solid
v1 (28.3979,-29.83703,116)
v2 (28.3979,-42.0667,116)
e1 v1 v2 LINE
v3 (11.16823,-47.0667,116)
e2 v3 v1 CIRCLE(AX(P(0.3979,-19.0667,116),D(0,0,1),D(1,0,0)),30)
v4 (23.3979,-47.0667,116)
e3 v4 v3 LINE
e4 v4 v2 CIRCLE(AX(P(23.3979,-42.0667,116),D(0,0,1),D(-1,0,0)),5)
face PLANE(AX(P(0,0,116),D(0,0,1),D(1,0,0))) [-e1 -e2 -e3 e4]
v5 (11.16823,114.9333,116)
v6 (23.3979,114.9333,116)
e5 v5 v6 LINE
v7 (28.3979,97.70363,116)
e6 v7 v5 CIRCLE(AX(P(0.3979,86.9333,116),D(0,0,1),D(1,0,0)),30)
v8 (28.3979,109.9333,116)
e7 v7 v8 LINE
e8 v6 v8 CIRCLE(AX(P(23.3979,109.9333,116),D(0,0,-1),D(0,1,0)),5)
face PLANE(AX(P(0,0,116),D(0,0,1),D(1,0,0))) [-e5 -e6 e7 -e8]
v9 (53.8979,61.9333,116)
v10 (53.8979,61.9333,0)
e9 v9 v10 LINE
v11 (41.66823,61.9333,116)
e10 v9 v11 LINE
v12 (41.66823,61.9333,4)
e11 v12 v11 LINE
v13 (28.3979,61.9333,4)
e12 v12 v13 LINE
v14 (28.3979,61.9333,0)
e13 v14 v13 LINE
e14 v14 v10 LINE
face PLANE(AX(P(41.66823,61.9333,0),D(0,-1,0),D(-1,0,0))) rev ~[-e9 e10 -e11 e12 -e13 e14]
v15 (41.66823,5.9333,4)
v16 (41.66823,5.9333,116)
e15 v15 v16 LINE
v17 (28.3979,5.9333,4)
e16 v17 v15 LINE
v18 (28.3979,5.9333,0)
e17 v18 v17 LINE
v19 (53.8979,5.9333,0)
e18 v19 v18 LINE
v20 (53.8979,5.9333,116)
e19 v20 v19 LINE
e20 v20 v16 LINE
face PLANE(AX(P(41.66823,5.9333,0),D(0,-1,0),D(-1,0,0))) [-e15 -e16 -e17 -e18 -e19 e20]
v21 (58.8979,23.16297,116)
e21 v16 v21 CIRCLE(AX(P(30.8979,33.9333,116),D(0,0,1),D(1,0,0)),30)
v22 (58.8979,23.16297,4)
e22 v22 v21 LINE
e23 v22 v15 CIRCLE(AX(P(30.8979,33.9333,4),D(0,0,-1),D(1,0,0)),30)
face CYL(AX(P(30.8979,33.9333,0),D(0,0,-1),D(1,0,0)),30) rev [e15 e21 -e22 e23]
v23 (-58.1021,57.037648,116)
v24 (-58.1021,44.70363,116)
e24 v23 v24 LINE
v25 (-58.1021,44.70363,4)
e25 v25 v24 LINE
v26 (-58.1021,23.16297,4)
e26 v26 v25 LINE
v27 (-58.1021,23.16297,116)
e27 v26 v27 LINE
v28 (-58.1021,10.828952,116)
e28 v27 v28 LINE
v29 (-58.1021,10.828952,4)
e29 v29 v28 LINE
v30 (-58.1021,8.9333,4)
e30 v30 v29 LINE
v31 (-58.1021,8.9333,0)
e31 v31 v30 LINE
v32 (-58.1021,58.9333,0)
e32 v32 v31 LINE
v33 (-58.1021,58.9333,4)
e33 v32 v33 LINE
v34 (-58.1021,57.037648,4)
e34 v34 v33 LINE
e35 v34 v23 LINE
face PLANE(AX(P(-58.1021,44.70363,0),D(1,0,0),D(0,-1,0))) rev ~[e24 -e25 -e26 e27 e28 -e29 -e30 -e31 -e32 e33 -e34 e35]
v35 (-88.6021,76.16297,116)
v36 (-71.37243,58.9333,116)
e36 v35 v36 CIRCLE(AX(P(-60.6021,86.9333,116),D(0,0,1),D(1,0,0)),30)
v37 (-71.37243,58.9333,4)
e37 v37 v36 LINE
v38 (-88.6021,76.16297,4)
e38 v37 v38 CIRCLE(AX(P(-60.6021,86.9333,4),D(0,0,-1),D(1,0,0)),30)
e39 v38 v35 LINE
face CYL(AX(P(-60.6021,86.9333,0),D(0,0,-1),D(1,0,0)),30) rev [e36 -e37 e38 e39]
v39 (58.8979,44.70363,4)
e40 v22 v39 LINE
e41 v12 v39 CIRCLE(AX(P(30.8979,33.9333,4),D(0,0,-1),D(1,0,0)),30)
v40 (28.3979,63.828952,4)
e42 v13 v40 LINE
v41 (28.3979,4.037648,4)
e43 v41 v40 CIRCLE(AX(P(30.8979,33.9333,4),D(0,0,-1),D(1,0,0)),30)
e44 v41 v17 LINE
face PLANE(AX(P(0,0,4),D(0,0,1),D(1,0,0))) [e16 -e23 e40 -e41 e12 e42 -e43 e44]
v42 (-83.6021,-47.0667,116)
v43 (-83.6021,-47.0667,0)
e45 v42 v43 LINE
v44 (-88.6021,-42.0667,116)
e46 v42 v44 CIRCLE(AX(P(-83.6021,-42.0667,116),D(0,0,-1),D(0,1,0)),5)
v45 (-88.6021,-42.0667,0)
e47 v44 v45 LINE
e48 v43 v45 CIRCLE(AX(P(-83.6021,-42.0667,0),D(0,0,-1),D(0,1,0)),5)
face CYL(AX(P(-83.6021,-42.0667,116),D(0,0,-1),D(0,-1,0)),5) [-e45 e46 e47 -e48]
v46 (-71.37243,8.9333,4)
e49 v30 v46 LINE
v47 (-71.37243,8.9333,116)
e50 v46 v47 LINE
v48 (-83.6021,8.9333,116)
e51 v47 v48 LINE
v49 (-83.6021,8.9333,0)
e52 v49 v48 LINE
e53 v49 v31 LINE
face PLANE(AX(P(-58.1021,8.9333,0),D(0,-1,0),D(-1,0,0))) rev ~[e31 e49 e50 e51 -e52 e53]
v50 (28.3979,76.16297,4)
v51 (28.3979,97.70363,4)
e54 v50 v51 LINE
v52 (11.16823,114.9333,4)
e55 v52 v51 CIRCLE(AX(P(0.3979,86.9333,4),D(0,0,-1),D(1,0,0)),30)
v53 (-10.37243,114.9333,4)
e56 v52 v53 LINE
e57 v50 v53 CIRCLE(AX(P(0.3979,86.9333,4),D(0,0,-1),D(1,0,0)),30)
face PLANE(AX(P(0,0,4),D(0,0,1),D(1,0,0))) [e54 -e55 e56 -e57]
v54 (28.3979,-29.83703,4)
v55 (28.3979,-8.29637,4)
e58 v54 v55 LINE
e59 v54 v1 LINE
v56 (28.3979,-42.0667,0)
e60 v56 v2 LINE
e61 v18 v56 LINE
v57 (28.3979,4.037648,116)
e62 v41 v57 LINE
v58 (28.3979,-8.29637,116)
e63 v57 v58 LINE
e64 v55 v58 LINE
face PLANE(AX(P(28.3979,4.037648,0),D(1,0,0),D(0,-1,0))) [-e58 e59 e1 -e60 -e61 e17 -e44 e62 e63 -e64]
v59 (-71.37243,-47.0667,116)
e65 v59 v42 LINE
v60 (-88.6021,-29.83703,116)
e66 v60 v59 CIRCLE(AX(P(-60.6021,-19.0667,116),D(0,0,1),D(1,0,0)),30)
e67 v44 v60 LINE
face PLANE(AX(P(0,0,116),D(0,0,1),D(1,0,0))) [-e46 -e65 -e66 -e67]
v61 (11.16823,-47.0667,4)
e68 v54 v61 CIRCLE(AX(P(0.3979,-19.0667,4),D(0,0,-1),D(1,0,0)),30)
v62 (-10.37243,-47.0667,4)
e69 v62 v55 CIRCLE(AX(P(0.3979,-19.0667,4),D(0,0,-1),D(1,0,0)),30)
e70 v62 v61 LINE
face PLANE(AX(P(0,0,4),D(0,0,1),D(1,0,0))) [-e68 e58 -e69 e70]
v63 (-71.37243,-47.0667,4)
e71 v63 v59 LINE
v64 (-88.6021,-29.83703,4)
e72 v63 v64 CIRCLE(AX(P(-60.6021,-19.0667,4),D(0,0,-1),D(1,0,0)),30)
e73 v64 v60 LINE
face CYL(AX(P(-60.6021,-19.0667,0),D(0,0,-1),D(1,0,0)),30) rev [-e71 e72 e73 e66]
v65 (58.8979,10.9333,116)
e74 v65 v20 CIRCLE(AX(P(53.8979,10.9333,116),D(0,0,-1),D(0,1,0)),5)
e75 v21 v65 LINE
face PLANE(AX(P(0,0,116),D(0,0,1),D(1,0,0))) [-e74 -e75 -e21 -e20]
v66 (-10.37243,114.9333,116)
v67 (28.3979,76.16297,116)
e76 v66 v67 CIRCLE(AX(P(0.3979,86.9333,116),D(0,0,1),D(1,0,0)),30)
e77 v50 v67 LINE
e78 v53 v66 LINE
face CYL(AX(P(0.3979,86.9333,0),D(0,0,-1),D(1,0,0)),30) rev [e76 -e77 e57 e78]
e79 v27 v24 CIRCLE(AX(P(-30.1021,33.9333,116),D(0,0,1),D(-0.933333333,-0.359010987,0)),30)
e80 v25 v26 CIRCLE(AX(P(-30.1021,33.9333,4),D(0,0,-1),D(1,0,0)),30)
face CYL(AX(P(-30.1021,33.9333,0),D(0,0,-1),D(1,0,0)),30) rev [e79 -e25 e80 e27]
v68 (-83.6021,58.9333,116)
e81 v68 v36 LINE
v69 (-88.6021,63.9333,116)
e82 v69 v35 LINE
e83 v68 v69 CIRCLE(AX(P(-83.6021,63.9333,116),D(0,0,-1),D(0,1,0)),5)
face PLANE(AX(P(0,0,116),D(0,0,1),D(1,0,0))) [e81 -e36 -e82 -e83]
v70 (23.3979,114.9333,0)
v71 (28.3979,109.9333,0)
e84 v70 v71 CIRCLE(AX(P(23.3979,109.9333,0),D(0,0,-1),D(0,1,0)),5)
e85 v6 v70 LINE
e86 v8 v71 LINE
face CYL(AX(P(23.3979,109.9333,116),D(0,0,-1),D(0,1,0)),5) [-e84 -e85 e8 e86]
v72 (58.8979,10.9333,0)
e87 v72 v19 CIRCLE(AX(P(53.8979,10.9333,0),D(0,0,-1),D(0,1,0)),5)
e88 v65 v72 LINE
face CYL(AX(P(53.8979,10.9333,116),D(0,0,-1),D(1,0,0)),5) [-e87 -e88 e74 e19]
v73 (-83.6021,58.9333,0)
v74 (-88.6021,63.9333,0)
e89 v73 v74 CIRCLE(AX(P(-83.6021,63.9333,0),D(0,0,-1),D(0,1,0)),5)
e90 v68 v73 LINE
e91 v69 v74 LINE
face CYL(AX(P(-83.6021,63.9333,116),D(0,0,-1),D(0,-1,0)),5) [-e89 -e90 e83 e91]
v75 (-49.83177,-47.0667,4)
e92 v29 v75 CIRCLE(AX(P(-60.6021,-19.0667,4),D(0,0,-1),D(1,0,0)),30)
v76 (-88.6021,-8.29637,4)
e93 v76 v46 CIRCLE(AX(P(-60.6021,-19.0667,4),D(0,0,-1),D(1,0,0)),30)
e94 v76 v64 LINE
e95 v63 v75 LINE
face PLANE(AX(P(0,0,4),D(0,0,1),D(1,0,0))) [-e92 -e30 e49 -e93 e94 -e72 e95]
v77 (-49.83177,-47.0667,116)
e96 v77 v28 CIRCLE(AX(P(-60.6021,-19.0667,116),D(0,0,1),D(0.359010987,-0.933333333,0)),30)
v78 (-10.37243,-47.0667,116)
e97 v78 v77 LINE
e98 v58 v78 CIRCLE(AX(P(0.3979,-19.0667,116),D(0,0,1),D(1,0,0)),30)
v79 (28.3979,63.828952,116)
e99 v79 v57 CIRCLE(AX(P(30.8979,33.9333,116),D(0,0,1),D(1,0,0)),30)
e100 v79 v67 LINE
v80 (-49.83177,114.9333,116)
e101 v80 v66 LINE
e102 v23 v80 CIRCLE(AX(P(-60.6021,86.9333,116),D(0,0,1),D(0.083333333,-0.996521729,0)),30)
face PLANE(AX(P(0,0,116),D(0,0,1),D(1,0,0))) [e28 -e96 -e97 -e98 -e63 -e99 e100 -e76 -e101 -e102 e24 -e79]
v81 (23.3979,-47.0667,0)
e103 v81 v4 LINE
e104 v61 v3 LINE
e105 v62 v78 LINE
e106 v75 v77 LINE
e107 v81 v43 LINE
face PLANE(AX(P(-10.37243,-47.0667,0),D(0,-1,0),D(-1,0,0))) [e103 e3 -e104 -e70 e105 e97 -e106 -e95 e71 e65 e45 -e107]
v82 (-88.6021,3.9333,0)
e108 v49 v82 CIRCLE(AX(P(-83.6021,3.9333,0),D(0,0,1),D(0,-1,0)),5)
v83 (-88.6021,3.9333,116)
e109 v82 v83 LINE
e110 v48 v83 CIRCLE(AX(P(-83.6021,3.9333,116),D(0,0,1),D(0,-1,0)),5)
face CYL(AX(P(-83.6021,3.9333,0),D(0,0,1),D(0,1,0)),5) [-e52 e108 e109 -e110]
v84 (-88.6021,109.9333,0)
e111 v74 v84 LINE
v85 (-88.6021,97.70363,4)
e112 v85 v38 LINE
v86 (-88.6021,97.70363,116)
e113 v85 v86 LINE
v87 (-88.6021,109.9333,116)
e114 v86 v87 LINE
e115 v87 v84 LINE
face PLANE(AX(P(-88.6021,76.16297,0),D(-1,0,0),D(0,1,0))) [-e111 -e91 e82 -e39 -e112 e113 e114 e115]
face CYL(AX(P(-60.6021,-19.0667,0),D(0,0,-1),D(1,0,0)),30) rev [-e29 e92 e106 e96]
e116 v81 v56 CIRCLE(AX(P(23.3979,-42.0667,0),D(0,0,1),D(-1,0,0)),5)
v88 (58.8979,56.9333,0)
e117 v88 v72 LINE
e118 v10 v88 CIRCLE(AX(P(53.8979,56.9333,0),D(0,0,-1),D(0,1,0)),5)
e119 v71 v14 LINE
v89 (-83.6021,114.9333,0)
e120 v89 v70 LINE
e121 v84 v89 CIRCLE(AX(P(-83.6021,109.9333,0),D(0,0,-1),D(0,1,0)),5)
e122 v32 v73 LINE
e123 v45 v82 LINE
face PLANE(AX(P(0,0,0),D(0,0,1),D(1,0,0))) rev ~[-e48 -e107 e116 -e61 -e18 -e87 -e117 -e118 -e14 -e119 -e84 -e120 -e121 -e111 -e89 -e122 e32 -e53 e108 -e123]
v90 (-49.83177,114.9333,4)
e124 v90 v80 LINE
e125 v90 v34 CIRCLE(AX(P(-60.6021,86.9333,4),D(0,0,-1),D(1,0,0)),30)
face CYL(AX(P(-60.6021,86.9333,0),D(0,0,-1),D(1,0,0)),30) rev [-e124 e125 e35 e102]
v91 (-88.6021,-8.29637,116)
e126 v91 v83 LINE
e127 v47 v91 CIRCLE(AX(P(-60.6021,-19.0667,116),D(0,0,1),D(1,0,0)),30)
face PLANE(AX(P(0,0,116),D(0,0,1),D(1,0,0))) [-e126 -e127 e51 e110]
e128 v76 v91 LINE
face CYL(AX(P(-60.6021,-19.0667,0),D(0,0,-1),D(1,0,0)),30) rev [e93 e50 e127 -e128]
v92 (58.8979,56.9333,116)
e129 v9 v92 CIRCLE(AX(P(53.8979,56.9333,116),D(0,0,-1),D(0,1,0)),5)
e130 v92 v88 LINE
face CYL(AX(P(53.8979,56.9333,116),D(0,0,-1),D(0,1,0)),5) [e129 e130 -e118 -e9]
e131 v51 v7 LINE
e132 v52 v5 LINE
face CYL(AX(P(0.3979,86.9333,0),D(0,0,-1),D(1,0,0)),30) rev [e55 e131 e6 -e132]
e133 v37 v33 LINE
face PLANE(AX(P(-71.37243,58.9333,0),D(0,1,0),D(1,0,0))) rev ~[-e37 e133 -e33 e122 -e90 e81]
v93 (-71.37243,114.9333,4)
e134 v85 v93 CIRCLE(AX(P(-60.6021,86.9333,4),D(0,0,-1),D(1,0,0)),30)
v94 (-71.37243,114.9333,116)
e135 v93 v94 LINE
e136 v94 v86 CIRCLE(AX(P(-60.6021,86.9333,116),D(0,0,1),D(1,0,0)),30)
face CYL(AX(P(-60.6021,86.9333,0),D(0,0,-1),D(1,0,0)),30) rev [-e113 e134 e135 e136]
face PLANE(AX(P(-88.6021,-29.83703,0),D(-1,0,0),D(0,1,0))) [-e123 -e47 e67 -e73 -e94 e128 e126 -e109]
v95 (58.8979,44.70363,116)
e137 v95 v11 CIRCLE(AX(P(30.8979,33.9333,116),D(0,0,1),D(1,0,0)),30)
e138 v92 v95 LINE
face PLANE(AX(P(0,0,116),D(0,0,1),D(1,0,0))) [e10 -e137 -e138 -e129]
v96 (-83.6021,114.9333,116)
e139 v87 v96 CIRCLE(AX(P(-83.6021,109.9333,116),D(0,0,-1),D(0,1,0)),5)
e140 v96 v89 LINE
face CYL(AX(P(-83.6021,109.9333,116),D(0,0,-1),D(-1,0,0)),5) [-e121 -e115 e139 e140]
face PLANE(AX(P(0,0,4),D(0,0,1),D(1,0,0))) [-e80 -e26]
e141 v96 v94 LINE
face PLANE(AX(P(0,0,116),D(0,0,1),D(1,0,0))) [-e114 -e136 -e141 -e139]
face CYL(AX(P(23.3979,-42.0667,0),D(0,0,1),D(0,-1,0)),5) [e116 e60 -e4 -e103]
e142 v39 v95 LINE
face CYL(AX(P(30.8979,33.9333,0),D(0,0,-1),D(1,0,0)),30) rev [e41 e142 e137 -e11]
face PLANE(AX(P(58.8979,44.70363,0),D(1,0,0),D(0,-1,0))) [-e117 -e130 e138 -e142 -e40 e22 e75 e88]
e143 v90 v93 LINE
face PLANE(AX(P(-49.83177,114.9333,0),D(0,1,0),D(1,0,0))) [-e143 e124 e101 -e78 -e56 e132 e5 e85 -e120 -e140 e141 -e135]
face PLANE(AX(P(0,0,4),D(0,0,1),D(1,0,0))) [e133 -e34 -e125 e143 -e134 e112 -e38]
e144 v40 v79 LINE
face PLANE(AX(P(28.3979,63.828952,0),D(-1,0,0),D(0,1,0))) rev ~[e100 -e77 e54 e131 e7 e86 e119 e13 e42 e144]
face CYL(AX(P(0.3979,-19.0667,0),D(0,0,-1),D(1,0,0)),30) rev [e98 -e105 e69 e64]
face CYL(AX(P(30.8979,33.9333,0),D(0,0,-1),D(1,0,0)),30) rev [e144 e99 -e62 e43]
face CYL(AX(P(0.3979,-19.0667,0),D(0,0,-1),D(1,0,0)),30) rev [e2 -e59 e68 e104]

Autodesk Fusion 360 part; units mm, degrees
sketch "Sketch4" plane through (0, 0, 0) normal (0, 0, 1) x (1, 0, 0)
  circle A0 centre (-30.1021, 33.9333) radius 30
  circle A1 centre (30.8979, 33.9333) radius 30
  circle A2 centre (0.3979, -19.0667) radius 30
  circle A3 centre (-60.6021, -19.0667) radius 30
  line L0 (-84.1021, 5.9333) -> (-84.1021, 6.9333)
  line L1 (27.3979, -43.0667) -> (26.9, -43.0667)
  circle A4 centre (0.3979, 86.9333) radius 30
  circle A5 centre (-60.6021, 86.9333) radius 30
  line L2 (-88.6021, 114.9333) -> (58.8979, 114.9333)
  line L3 (58.8979, 114.9333) -> (58.8979, -47.0667)
  line L4 (58.8979, -47.0667) -> (-88.6021, -47.0667)
  line L5 (-88.6021, -47.0667) -> (-88.6021, 114.9333)
  line L6 (-88.6021, 58.9333) -> (-58.1021, 58.9333)
  line L7 (-58.1021, 58.9333) -> (-58.1021, 8.9333)
  line L8 (-58.1021, 8.9333) -> (-88.6021, 8.9333)
  line L9 (-88.6021, 8.9333) -> (-88.6021, 58.9333)
  line L10 (58.8979, 61.9333) -> (28.3979, 61.9333)
  line L11 (28.3979, 61.9333) -> (28.3979, 114.9333)
  line L12 (28.3979, 114.9333) -> (58.8979, 114.9333)
  line L13 (58.8979, 114.9333) -> (58.8979, 61.9333)
  line L14 (58.8979, 5.9333) -> (28.3979, 5.9333)
  line L15 (28.3979, 5.9333) -> (28.3979, -47.0667)
  line L16 (28.3979, -47.0667) -> (58.8979, -47.0667)
  line L17 (58.8979, -47.0667) -> (58.8979, 5.9333)
  dimension "d15" = 60
  dimension "d16" = 60
  dimension "d17" = 60
  dimension "d18" = 60
  dimension "d19" = 61
  dimension "d23" = 61
  dimension "d24" = 30.5
  dimension "d25" = 53
  dimension "d46" = 60
  dimension "d47" = 60
  dimension "d48" = 61
  dimension "d49" = 53
  dimension "d50" = 30.5
  dimension "d53" = 28
  dimension "d54" = 28
  dimension "d55" = 28
  dimension "d56" = 28
  dimension "d57" = 28
  dimension "d58" = 28
  dimension "d59" = 28
  dimension "d60" = 28
  dimension "d61" = 28
  dimension "d62" = 28
  dimension "d63" = 28
  dimension "d64" = 28
extrude "Extrude6" add sketch "Sketch4" along normal blind 4 contours A0 L7 | A0 A1 A2 A3 A4 A5 L2 L4 L7 L11 L15 | A5 L2 L5 L6 L7 | A3 L4 L5 L7 L8 | A5 L5 L6 | A3 L5 L8 | A5 L2 L5 | A4 L2 L11 | A3 L4 L5 | A2 L4 L15 | A4 L2 L11 | A2 L4 L15 | A1 L3 L10 L11 L14 L15 | A1 L3 L10 | A1 L3 L14 picked at (-22.751, 30.3432)
extrude "Extrude7" add sketch "Sketch4" along normal blind 116 contours A0 A1 A2 A3 A4 A5 L2 L4 L7 L11 L15 | A5 L5 L6 | A3 L5 L8 | A5 L2 L5 | A3 L4 L5 | A4 L2 L11 | A2 L4 L15 | A1 L3 L10 | A1 L3 L14 picked at (22.8223, 111.3226) picked at (22.8223, -43.4561)
fillet "Fillet1" radius 5 8 edges at (28.3979, -47.0667, 58) (58.8979, 5.9333, 58) (58.8979, 61.9333, 58) (28.3979, 114.9333, 58) (-88.6021, 114.9333, 58) (-88.6021, 58.9333, 58) (-88.6021, 8.9333, 58) (-88.6021, -47.0667, 58)
